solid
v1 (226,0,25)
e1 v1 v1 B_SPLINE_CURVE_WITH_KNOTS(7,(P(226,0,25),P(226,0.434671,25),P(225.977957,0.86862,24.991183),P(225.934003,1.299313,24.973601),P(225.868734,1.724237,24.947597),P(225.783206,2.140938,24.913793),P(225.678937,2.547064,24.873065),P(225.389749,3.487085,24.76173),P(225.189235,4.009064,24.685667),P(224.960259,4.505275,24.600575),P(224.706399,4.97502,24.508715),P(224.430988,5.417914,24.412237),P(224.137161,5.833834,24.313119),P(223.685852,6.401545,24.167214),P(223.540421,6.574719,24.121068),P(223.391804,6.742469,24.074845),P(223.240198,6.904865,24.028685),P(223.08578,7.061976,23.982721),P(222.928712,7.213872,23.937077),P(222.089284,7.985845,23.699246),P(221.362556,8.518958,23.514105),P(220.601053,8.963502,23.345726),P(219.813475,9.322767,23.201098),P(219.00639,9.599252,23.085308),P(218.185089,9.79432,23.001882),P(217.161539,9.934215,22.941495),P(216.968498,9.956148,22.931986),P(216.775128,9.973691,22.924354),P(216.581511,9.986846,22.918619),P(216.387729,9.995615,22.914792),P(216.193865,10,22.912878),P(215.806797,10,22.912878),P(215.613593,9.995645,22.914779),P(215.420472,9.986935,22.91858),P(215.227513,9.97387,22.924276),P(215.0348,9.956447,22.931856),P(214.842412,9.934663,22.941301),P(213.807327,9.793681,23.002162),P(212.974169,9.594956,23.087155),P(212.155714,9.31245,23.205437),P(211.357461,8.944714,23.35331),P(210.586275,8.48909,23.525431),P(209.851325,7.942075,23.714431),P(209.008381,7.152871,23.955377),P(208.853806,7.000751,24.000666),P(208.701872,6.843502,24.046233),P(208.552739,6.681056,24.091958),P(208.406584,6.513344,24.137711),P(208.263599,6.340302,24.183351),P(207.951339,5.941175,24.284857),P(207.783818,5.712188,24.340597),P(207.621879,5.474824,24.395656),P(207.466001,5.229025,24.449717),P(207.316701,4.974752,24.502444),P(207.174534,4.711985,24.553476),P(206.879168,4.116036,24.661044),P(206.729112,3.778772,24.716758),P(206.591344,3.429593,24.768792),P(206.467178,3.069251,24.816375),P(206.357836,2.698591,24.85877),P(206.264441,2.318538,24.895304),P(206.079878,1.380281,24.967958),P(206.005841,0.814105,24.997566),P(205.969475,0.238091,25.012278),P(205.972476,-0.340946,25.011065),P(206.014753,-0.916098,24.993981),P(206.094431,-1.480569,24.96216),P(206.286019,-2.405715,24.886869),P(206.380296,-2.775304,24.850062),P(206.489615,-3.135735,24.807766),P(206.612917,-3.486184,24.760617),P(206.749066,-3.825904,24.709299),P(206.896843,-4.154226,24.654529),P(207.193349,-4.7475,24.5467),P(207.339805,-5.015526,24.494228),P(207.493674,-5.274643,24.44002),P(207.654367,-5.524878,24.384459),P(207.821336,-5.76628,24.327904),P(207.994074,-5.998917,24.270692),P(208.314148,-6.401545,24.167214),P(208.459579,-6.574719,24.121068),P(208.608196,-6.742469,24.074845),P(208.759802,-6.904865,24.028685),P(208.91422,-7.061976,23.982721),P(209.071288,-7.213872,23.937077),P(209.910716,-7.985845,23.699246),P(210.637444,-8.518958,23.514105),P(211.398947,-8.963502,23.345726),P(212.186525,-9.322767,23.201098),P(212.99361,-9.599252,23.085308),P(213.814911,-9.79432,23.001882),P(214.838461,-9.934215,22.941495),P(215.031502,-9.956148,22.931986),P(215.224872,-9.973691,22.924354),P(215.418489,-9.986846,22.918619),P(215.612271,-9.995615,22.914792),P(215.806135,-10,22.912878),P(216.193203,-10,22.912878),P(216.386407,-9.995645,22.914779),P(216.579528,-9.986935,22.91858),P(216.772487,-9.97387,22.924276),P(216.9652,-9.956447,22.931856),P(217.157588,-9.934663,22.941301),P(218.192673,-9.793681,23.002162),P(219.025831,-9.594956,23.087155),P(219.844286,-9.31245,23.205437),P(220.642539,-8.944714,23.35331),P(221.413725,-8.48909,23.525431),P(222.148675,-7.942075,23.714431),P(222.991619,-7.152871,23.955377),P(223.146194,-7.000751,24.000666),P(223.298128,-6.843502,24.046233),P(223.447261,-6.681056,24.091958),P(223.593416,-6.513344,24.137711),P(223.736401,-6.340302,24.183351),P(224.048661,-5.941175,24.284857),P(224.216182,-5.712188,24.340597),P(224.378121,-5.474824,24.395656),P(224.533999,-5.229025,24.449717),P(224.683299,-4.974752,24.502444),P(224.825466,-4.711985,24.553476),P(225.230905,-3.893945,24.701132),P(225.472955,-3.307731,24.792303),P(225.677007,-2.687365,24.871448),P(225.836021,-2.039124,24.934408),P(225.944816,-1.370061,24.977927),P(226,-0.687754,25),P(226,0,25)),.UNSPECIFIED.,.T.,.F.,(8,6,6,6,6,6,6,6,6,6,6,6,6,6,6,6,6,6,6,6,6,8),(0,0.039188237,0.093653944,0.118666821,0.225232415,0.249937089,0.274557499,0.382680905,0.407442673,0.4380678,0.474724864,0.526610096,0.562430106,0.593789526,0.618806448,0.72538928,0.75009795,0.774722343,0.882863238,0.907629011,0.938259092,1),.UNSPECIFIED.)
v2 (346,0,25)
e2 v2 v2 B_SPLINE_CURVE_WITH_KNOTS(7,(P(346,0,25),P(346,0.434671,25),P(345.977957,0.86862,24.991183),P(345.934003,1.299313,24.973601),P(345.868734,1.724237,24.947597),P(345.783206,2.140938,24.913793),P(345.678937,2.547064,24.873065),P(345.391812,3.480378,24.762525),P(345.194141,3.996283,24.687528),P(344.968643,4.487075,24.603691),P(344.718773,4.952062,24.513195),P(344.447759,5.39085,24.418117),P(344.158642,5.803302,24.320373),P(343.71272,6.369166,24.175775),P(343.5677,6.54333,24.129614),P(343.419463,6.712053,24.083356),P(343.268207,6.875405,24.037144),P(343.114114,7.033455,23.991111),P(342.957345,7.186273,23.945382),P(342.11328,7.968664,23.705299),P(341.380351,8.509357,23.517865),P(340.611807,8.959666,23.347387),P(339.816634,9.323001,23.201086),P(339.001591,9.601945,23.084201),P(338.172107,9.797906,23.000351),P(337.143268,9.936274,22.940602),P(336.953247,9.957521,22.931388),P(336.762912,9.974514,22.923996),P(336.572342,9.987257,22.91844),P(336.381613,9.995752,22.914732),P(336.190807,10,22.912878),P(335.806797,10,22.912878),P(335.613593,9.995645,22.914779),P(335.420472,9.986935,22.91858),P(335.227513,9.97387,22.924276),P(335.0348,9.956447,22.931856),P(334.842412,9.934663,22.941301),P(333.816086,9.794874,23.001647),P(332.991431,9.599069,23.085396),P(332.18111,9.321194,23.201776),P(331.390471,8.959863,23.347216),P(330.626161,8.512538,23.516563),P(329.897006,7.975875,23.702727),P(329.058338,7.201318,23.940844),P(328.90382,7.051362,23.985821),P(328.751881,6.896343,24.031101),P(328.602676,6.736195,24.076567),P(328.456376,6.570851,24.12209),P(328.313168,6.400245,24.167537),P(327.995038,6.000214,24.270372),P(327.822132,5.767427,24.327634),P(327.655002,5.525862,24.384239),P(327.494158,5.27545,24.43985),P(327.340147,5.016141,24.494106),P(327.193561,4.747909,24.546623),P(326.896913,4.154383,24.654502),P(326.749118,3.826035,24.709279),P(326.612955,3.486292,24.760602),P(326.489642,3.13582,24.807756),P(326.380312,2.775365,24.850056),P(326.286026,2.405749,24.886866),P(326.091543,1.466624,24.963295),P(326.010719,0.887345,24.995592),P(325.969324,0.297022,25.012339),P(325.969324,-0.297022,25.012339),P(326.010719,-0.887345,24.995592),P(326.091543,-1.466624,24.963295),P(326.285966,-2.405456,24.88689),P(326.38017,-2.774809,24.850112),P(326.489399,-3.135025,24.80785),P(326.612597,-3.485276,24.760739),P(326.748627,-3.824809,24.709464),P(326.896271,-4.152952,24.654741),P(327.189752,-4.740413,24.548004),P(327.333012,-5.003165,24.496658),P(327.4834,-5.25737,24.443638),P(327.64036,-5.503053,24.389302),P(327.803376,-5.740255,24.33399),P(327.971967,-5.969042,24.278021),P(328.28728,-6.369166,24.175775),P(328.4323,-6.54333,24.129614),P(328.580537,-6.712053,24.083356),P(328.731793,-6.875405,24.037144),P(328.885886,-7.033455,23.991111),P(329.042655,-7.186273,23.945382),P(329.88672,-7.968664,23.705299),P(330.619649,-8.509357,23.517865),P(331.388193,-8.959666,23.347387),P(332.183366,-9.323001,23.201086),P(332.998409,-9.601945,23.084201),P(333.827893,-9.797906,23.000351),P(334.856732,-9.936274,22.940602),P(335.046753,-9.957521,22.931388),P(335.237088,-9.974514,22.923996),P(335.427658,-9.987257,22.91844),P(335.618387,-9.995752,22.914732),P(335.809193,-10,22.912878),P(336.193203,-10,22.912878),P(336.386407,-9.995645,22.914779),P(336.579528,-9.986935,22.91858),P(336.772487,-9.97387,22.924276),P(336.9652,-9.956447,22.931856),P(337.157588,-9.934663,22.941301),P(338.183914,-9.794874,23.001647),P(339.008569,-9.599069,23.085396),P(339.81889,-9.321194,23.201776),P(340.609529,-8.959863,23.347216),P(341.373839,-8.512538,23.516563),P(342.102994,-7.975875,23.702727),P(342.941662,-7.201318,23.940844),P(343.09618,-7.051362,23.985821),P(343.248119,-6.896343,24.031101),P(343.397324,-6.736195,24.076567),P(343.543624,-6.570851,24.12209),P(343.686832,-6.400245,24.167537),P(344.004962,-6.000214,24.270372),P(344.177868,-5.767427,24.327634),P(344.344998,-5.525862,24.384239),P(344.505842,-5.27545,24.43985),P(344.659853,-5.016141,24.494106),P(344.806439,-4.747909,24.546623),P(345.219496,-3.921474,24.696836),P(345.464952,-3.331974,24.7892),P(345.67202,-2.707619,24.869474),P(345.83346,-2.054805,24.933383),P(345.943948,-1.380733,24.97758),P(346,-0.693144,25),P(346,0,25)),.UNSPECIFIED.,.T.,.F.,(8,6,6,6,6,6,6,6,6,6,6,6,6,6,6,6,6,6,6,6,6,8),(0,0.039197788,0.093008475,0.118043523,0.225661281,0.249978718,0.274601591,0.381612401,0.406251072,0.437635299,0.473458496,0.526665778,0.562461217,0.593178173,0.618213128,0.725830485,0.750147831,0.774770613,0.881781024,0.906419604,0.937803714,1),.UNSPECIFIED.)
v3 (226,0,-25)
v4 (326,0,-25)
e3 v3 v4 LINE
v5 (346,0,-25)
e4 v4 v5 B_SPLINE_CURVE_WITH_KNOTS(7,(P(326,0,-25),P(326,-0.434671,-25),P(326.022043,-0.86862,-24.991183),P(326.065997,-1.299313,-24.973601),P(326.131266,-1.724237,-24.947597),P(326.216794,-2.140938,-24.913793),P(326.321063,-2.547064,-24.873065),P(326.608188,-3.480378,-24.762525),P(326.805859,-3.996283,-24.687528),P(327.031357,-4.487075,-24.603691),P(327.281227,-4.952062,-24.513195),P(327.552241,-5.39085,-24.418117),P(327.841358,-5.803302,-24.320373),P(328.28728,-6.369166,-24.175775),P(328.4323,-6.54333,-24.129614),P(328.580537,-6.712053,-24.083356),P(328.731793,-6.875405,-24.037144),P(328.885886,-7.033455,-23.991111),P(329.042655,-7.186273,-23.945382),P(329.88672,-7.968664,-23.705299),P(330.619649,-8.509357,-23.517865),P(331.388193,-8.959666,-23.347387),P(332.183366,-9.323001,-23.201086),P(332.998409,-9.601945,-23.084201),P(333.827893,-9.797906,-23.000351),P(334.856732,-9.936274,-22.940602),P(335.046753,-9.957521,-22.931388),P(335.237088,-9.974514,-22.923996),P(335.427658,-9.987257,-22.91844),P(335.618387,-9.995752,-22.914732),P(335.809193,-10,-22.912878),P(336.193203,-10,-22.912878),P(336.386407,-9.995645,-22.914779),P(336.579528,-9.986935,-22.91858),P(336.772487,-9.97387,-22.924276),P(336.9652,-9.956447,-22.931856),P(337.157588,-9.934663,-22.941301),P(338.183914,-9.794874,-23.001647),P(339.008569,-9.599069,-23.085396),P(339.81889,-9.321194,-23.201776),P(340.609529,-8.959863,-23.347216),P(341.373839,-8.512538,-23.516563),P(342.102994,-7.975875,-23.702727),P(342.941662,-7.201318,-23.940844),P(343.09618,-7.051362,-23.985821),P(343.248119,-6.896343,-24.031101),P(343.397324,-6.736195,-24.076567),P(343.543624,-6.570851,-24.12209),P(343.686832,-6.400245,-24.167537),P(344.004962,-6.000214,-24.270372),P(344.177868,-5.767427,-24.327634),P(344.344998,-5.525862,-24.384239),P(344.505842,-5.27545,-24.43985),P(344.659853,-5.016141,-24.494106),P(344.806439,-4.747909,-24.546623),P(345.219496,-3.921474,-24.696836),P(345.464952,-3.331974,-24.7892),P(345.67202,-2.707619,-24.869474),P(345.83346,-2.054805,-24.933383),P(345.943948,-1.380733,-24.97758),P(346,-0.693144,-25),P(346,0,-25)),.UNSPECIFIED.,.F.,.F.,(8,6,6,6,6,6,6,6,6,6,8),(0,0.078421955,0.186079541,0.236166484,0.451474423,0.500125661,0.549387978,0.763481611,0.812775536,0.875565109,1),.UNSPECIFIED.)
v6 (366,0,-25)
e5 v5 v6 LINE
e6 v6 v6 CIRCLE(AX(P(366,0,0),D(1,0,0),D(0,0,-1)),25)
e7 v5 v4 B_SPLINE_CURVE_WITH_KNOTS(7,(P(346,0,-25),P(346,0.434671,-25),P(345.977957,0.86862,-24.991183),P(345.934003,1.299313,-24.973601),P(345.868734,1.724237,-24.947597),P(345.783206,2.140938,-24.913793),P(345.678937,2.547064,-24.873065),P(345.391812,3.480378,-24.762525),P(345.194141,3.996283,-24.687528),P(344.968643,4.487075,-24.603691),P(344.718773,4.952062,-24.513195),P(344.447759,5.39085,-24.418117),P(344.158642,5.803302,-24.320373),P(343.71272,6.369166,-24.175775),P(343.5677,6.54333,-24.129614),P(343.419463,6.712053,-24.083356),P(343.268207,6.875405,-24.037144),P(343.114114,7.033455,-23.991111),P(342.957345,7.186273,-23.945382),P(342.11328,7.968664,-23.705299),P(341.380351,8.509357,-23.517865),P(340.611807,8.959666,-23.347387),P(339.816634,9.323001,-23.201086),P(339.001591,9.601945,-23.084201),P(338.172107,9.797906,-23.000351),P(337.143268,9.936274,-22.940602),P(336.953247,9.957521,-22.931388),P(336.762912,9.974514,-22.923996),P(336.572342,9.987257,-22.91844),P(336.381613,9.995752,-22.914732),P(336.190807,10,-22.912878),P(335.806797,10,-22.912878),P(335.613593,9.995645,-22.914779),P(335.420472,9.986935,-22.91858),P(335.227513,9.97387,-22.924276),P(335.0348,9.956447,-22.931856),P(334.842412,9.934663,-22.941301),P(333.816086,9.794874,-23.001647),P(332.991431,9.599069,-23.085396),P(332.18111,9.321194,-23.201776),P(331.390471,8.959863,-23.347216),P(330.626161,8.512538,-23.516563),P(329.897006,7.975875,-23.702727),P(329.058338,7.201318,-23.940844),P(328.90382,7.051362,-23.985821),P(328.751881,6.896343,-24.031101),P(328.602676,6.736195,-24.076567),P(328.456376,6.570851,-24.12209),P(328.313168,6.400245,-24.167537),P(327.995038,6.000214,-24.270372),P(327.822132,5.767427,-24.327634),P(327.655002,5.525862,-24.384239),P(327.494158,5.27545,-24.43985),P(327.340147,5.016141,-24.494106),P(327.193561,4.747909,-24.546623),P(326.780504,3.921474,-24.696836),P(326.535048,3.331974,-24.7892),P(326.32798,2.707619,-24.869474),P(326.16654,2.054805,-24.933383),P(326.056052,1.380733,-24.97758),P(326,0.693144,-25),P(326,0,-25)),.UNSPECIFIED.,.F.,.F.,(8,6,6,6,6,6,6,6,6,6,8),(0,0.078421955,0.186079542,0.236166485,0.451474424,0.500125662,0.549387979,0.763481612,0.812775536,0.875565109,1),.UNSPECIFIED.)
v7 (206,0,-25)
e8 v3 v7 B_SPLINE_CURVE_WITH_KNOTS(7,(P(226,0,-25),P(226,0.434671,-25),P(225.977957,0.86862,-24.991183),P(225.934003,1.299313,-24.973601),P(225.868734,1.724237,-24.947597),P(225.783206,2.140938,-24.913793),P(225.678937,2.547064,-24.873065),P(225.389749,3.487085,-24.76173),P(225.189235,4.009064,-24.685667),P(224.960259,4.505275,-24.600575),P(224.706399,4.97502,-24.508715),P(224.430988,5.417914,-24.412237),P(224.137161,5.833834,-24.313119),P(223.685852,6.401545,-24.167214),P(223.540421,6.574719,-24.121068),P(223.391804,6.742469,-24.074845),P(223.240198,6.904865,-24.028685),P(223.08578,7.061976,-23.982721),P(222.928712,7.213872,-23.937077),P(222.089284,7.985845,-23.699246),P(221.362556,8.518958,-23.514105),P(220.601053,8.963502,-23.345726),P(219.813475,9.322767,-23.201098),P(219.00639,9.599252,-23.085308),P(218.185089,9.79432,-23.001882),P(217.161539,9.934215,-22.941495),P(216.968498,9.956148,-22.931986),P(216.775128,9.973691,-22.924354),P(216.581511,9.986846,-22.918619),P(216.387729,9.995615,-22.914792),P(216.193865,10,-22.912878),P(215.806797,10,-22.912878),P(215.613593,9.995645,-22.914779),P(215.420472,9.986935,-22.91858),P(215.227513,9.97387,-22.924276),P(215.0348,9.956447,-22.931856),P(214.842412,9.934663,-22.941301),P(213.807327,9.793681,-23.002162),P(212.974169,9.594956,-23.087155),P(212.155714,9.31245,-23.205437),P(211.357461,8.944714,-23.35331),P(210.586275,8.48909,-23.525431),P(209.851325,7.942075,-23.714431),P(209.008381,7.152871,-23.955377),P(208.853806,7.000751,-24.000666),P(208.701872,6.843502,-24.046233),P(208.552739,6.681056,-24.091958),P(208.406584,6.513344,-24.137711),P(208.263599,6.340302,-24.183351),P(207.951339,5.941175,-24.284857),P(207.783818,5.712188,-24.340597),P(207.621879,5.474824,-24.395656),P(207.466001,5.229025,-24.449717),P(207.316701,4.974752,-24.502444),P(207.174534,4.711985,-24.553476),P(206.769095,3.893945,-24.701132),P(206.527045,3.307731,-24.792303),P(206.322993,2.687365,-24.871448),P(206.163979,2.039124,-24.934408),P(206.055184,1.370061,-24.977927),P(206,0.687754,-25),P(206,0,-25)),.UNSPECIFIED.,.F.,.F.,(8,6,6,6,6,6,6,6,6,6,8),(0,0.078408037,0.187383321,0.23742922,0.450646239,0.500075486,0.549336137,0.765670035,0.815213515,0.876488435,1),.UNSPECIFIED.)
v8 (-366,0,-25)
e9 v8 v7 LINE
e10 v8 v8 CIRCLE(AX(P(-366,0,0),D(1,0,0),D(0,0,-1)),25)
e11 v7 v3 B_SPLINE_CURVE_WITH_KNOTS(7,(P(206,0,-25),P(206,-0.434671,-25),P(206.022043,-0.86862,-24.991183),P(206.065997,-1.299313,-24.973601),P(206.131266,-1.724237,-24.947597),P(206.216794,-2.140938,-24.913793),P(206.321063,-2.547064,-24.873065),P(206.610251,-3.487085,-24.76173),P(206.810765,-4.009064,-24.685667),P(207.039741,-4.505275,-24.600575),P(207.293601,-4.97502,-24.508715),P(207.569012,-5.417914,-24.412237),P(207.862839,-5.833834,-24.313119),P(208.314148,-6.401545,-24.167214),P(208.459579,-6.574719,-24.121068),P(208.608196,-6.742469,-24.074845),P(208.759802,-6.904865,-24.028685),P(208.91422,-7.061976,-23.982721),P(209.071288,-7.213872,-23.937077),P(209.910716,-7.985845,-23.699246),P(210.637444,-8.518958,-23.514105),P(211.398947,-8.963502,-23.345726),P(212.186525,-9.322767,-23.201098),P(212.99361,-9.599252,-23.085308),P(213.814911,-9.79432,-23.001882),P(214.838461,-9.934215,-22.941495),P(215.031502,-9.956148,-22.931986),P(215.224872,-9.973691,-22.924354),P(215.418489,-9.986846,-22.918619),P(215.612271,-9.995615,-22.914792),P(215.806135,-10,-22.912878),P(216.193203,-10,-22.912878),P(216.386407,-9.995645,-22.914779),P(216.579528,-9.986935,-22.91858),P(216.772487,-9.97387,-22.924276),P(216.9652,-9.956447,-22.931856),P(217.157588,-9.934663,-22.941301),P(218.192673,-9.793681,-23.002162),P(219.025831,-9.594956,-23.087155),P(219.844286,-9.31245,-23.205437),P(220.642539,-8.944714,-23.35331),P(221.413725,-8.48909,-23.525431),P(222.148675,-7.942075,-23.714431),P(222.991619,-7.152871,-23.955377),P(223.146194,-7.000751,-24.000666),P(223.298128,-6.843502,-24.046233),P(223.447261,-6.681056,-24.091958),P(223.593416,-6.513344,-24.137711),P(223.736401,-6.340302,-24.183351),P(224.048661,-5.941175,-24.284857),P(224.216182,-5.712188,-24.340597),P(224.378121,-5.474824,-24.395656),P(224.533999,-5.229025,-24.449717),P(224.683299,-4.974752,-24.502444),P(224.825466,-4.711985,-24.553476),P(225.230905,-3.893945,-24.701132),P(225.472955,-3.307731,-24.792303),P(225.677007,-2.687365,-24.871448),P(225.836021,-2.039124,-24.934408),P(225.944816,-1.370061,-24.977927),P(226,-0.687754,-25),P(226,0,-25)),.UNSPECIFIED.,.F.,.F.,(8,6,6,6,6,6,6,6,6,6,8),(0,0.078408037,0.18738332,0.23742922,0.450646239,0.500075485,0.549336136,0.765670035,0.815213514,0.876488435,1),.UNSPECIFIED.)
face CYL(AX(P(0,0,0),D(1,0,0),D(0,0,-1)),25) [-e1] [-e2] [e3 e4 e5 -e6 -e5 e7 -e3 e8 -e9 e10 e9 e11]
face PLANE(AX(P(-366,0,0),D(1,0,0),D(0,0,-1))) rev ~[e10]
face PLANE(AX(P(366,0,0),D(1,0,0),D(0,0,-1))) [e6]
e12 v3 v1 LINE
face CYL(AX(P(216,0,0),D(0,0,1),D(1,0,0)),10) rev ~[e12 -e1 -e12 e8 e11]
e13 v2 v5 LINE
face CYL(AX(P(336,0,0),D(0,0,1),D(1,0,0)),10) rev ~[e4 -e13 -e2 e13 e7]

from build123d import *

# Parameters (mm, degrees)
SKETCH1_R           = 25
BOSS_EXTRUDE1_DEPTH = 366
SKETCH2_R           = 10
CUT_EXTRUDE1_DEPTH  = 160


with BuildPart() as part:
    # Sketch1 → Boss-Extrude1 (new, symmetric)
    with BuildSketch(Plane(origin=(0, 0, 0), x_dir=(0, 0, -1), z_dir=(1, 0, 0))):
        Circle(SKETCH1_R)
    extrude(amount=BOSS_EXTRUDE1_DEPTH, both=True)

    # Sketch2 → Cut-Extrude1 (cut, symmetric)
    with BuildSketch(Plane.XY):
        with Locations((336, 0)):
            Circle(SKETCH2_R)
        with Locations((216, 0)):
            Circle(SKETCH2_R)
    extrude(amount=CUT_EXTRUDE1_DEPTH, both=True, mode=Mode.SUBTRACT)


solid = part.part
